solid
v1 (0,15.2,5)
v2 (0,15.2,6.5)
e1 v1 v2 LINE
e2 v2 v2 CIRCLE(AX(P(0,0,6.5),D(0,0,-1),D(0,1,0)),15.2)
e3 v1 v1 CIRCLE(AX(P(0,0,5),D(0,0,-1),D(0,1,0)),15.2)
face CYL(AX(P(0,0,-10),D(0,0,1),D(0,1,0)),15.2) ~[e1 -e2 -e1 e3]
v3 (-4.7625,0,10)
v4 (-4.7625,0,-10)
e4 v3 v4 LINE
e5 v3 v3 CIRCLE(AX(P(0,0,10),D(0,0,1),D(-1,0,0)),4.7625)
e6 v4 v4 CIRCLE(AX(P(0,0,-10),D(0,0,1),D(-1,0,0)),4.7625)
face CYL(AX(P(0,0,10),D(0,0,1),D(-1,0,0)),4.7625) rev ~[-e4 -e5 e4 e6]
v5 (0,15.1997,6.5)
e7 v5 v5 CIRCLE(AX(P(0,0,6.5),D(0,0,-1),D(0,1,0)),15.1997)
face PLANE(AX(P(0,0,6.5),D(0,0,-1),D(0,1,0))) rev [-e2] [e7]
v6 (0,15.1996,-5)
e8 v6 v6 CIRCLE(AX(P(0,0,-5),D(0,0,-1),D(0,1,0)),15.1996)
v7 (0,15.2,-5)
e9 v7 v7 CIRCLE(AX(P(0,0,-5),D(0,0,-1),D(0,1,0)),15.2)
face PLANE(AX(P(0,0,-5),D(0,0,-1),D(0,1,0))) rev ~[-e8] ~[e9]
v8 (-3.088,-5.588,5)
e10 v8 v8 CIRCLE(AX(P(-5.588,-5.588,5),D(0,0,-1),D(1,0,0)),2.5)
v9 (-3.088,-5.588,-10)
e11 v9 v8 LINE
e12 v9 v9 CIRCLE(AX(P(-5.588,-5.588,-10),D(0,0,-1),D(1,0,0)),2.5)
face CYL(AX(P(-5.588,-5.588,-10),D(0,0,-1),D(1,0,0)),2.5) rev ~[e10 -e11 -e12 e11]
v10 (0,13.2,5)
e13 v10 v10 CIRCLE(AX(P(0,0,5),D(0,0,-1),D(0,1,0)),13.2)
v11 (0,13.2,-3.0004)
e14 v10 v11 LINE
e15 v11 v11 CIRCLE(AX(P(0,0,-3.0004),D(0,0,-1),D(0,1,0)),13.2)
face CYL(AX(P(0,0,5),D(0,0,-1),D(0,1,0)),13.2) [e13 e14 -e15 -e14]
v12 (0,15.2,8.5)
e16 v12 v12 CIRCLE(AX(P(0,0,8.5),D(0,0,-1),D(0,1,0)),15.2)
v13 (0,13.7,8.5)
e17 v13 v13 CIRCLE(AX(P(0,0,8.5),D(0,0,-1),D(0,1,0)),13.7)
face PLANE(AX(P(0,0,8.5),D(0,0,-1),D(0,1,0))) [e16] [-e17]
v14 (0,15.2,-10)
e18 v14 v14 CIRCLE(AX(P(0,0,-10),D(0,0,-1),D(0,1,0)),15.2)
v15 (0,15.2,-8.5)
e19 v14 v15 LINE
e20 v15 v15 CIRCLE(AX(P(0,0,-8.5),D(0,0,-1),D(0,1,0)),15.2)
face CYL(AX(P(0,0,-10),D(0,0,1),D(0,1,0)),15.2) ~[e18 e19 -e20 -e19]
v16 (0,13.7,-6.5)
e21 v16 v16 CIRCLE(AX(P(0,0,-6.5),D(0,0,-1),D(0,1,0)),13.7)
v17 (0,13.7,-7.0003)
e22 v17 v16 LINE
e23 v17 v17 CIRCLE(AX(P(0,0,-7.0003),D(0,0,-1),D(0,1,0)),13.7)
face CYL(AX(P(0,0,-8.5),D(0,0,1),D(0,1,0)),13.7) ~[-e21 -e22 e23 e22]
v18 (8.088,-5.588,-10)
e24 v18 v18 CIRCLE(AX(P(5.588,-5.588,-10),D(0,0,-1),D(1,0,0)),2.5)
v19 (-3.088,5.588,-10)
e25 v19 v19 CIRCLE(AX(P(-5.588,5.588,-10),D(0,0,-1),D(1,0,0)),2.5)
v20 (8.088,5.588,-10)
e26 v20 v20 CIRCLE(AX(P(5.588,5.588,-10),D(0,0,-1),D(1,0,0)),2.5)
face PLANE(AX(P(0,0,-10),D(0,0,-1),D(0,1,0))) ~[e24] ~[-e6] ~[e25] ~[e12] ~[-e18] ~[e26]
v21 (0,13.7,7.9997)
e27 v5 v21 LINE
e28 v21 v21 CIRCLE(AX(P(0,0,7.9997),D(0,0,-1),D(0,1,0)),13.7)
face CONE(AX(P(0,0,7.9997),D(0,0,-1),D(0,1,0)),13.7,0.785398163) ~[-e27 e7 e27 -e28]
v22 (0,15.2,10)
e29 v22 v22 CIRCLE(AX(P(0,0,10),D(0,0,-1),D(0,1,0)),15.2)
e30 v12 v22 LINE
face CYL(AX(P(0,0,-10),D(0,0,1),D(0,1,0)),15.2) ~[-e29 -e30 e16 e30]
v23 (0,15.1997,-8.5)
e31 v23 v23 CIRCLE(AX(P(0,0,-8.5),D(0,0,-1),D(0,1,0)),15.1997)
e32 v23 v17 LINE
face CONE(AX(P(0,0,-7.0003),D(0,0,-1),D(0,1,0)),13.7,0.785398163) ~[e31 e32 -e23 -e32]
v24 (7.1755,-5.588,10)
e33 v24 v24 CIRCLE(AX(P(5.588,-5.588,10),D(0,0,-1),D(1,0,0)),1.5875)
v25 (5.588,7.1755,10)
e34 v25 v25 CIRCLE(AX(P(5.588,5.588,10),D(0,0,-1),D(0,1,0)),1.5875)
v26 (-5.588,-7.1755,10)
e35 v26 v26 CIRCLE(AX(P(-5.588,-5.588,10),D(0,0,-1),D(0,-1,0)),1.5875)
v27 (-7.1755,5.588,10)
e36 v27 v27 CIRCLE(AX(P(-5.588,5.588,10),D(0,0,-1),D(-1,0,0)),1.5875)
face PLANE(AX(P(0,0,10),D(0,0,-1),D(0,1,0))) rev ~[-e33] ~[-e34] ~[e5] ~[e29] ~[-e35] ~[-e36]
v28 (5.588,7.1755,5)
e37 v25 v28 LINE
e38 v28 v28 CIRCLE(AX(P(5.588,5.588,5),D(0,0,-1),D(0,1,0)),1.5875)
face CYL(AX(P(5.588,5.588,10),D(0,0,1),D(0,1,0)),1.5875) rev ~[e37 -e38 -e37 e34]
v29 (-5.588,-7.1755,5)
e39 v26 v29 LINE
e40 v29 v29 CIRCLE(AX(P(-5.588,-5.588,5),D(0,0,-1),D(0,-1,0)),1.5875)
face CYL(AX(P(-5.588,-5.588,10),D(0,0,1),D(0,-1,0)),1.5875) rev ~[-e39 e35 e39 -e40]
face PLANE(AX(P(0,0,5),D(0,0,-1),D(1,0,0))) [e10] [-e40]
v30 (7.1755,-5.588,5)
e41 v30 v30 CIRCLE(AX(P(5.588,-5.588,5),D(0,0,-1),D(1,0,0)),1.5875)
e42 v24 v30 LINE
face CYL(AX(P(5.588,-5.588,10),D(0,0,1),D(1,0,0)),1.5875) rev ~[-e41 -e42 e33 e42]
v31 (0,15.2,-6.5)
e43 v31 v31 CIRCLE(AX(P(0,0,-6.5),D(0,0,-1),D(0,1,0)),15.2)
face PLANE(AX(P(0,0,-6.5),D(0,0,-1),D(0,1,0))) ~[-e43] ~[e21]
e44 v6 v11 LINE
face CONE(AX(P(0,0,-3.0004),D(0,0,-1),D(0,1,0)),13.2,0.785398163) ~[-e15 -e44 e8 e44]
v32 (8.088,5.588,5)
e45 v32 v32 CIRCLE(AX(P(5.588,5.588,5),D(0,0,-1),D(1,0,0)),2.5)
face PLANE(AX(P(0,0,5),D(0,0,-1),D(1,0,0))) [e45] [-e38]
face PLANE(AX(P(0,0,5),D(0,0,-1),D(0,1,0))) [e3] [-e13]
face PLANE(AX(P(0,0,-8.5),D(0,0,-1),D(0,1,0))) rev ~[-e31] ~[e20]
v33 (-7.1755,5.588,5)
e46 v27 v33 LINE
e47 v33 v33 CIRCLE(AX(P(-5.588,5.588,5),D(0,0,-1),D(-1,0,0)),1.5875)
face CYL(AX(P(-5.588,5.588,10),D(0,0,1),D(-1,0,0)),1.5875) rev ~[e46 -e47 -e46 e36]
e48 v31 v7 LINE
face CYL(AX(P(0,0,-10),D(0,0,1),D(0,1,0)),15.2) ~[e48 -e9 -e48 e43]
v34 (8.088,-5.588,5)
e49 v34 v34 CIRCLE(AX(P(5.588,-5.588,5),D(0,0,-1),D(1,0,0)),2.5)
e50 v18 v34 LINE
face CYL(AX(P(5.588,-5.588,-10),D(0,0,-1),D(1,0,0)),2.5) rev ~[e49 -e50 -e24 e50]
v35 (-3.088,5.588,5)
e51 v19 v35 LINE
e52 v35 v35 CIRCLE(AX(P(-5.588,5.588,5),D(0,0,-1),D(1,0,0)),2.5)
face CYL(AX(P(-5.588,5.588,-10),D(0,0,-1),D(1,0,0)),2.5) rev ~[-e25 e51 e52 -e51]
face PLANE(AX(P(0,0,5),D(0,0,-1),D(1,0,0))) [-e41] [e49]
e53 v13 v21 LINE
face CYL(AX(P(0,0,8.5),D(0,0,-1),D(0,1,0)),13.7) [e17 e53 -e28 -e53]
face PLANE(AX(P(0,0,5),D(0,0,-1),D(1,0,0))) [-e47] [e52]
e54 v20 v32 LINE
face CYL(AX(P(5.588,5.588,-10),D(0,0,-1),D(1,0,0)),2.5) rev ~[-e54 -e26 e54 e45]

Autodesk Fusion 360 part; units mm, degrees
sketch "Sketch1" plane through (0, 0, 0) normal (1, 0, 0) x (0, 1, 0)
  line L0 (15.2, 10) -> (-15.2, 10)
  line L1 (-15.2, 10) -> (-15.2, -10)
  line L2 (-15.2, -10) -> (15.2, -10)
  line L3 (15.2, -10) -> (15.2, 10)
  line L4 (15.2, 10) -> (-15.2, -10) construction
  line L5 (-15.2, 10) -> (15.2, -10) construction
  line L6 (0, 10) -> (0, -10)
  line L7 (15.2, 10) -> (15.2, 8.5)
  line L8 (15.2, 8.5) -> (13.7, 8.5)
  line L9 (13.7, 8.5) -> (13.7, 6.5)
  line L10 (13.7, 6.5) -> (15.2, 6.5)
  line L11 (15.2, -10) -> (15.2, -8.5)
  line L12 (15.2, -8.5) -> (13.7, -8.5)
  line L13 (13.7, -8.5) -> (13.7, -6.5)
  line L14 (13.7, -6.5) -> (15.2, -6.5)
  line L15 (15.2, -6.5) -> (15.2, -5)
  line L16 (15.2, -5) -> (13.2, -5)
  line L17 (15.2, 6.5) -> (15.2, 5)
  line L18 (15.2, 5) -> (13.2, 5)
  line L19 (13.2, 5) -> (13.2, -5)
  dimension "d1" = 30.4
  dimension "d2" = 20
  dimension "d3" = 1.5
  dimension "d4" = 1.5
  dimension "d5" = 2
  dimension "d6" = 1.5
  dimension "d7" = 1.5
  dimension "d8" = 2
  dimension "d9" = 1.5
  dimension "d10" = 2
  dimension "d11" = 2
revolve "Revolve1" add sketch "Sketch1" angle 360 about axis through (0, 0, 10) along (0, 0, -1) contours L0 L2 L3 L6 L7 L8 L9 L10 L11 L12 L13 L14 L15 L16 L17 L18 L19
sketch "Sketch2" plane through (0, 0, 10) normal (0, 0, 1) x (-1, 0, 0)
  circle A0 centre (0, 0) radius 15.2
  line L0 (5.588, -5.588) -> (-5.588, -5.588)
  line L1 (-5.588, -5.588) -> (-5.588, 5.588)
  line L2 (-5.588, 5.588) -> (5.588, 5.588)
  line L3 (5.588, 5.588) -> (5.588, -5.588)
  line L4 (5.588, -5.588) -> (-5.588, 5.588) construction
  line L5 (-5.588, -5.588) -> (5.588, 5.588) construction
  circle A1 centre (5.588, -5.588) radius 1.5875
  dimension "d13" = 11.176
  dimension "d14" = 11.176
  dimension "d15" = 3.175
extrude "Extrude1" cut sketch "Sketch2" against normal blind 25 contours L0 L3 A1 | L0 L3 A1
pattern_circular "C-Pattern1" count 4 over 360 about axis through (0, 0, 1.75) along (0, 0, 1) of "Extrude1"
chamfer "Chamfer1" distance 1.5 angle 45 1 edges at (-12.7729, 4.9541, -8.5)
chamfer "Chamfer2" distance 2 angle 45 1 edges at (-12.3067, 4.7733, -5)
chamfer "Chamfer3" distance 1.5 angle 45 1 edges at (-12.7729, 4.9541, 6.5)
sketch "Sketch3" plane through (0, 0, -10) normal (0, 0, -1) x (1, 0, 0)
  circle A0 centre (5.588, -5.588) radius 1.5875
  circle A1 centre (5.588, 5.588) radius 1.5875
  circle A2 centre (-5.588, 5.588) radius 1.5875
  circle A3 centre (-5.588, -5.588) radius 1.5875
  circle A4 centre (0, 0) radius 15.2
  circle A5 centre (-5.588, 5.588) radius 2.5
  circle A6 centre (-5.588, -5.588) radius 2.5
  circle A7 centre (5.588, -5.588) radius 2.5
  circle A8 centre (5.588, 5.588) radius 2.5
  dimension "d23" = 5
  dimension "d24" = 5
  dimension "d25" = 5
  dimension "d26" = 5
extrude "Extrude2" cut sketch "Sketch3" against normal blind 15 contours A5 | A6 | A7 | A8
sketch "Sketch4" plane through (0, 0, 10) normal (0, 0, 1) x (-1, 0, 0)
  circle A0 centre (-5.588, -5.588) radius 1.5875
  circle A1 centre (-5.588, 5.588) radius 1.5875
  circle A2 centre (5.588, 5.588) radius 1.5875
  circle A3 centre (5.588, -5.588) radius 1.5875
  circle A4 centre (0, 0) radius 15.2
  circle A5 centre (0, 0) radius 4.7625
  dimension "d29" = 9.525
extrude "Extrude3" cut sketch "Sketch4" against normal blind 26 contours A5
equation "d13 = 0.315 in + 0.125 in"
equation "d14 = 0.315 in + 0.125 in"
